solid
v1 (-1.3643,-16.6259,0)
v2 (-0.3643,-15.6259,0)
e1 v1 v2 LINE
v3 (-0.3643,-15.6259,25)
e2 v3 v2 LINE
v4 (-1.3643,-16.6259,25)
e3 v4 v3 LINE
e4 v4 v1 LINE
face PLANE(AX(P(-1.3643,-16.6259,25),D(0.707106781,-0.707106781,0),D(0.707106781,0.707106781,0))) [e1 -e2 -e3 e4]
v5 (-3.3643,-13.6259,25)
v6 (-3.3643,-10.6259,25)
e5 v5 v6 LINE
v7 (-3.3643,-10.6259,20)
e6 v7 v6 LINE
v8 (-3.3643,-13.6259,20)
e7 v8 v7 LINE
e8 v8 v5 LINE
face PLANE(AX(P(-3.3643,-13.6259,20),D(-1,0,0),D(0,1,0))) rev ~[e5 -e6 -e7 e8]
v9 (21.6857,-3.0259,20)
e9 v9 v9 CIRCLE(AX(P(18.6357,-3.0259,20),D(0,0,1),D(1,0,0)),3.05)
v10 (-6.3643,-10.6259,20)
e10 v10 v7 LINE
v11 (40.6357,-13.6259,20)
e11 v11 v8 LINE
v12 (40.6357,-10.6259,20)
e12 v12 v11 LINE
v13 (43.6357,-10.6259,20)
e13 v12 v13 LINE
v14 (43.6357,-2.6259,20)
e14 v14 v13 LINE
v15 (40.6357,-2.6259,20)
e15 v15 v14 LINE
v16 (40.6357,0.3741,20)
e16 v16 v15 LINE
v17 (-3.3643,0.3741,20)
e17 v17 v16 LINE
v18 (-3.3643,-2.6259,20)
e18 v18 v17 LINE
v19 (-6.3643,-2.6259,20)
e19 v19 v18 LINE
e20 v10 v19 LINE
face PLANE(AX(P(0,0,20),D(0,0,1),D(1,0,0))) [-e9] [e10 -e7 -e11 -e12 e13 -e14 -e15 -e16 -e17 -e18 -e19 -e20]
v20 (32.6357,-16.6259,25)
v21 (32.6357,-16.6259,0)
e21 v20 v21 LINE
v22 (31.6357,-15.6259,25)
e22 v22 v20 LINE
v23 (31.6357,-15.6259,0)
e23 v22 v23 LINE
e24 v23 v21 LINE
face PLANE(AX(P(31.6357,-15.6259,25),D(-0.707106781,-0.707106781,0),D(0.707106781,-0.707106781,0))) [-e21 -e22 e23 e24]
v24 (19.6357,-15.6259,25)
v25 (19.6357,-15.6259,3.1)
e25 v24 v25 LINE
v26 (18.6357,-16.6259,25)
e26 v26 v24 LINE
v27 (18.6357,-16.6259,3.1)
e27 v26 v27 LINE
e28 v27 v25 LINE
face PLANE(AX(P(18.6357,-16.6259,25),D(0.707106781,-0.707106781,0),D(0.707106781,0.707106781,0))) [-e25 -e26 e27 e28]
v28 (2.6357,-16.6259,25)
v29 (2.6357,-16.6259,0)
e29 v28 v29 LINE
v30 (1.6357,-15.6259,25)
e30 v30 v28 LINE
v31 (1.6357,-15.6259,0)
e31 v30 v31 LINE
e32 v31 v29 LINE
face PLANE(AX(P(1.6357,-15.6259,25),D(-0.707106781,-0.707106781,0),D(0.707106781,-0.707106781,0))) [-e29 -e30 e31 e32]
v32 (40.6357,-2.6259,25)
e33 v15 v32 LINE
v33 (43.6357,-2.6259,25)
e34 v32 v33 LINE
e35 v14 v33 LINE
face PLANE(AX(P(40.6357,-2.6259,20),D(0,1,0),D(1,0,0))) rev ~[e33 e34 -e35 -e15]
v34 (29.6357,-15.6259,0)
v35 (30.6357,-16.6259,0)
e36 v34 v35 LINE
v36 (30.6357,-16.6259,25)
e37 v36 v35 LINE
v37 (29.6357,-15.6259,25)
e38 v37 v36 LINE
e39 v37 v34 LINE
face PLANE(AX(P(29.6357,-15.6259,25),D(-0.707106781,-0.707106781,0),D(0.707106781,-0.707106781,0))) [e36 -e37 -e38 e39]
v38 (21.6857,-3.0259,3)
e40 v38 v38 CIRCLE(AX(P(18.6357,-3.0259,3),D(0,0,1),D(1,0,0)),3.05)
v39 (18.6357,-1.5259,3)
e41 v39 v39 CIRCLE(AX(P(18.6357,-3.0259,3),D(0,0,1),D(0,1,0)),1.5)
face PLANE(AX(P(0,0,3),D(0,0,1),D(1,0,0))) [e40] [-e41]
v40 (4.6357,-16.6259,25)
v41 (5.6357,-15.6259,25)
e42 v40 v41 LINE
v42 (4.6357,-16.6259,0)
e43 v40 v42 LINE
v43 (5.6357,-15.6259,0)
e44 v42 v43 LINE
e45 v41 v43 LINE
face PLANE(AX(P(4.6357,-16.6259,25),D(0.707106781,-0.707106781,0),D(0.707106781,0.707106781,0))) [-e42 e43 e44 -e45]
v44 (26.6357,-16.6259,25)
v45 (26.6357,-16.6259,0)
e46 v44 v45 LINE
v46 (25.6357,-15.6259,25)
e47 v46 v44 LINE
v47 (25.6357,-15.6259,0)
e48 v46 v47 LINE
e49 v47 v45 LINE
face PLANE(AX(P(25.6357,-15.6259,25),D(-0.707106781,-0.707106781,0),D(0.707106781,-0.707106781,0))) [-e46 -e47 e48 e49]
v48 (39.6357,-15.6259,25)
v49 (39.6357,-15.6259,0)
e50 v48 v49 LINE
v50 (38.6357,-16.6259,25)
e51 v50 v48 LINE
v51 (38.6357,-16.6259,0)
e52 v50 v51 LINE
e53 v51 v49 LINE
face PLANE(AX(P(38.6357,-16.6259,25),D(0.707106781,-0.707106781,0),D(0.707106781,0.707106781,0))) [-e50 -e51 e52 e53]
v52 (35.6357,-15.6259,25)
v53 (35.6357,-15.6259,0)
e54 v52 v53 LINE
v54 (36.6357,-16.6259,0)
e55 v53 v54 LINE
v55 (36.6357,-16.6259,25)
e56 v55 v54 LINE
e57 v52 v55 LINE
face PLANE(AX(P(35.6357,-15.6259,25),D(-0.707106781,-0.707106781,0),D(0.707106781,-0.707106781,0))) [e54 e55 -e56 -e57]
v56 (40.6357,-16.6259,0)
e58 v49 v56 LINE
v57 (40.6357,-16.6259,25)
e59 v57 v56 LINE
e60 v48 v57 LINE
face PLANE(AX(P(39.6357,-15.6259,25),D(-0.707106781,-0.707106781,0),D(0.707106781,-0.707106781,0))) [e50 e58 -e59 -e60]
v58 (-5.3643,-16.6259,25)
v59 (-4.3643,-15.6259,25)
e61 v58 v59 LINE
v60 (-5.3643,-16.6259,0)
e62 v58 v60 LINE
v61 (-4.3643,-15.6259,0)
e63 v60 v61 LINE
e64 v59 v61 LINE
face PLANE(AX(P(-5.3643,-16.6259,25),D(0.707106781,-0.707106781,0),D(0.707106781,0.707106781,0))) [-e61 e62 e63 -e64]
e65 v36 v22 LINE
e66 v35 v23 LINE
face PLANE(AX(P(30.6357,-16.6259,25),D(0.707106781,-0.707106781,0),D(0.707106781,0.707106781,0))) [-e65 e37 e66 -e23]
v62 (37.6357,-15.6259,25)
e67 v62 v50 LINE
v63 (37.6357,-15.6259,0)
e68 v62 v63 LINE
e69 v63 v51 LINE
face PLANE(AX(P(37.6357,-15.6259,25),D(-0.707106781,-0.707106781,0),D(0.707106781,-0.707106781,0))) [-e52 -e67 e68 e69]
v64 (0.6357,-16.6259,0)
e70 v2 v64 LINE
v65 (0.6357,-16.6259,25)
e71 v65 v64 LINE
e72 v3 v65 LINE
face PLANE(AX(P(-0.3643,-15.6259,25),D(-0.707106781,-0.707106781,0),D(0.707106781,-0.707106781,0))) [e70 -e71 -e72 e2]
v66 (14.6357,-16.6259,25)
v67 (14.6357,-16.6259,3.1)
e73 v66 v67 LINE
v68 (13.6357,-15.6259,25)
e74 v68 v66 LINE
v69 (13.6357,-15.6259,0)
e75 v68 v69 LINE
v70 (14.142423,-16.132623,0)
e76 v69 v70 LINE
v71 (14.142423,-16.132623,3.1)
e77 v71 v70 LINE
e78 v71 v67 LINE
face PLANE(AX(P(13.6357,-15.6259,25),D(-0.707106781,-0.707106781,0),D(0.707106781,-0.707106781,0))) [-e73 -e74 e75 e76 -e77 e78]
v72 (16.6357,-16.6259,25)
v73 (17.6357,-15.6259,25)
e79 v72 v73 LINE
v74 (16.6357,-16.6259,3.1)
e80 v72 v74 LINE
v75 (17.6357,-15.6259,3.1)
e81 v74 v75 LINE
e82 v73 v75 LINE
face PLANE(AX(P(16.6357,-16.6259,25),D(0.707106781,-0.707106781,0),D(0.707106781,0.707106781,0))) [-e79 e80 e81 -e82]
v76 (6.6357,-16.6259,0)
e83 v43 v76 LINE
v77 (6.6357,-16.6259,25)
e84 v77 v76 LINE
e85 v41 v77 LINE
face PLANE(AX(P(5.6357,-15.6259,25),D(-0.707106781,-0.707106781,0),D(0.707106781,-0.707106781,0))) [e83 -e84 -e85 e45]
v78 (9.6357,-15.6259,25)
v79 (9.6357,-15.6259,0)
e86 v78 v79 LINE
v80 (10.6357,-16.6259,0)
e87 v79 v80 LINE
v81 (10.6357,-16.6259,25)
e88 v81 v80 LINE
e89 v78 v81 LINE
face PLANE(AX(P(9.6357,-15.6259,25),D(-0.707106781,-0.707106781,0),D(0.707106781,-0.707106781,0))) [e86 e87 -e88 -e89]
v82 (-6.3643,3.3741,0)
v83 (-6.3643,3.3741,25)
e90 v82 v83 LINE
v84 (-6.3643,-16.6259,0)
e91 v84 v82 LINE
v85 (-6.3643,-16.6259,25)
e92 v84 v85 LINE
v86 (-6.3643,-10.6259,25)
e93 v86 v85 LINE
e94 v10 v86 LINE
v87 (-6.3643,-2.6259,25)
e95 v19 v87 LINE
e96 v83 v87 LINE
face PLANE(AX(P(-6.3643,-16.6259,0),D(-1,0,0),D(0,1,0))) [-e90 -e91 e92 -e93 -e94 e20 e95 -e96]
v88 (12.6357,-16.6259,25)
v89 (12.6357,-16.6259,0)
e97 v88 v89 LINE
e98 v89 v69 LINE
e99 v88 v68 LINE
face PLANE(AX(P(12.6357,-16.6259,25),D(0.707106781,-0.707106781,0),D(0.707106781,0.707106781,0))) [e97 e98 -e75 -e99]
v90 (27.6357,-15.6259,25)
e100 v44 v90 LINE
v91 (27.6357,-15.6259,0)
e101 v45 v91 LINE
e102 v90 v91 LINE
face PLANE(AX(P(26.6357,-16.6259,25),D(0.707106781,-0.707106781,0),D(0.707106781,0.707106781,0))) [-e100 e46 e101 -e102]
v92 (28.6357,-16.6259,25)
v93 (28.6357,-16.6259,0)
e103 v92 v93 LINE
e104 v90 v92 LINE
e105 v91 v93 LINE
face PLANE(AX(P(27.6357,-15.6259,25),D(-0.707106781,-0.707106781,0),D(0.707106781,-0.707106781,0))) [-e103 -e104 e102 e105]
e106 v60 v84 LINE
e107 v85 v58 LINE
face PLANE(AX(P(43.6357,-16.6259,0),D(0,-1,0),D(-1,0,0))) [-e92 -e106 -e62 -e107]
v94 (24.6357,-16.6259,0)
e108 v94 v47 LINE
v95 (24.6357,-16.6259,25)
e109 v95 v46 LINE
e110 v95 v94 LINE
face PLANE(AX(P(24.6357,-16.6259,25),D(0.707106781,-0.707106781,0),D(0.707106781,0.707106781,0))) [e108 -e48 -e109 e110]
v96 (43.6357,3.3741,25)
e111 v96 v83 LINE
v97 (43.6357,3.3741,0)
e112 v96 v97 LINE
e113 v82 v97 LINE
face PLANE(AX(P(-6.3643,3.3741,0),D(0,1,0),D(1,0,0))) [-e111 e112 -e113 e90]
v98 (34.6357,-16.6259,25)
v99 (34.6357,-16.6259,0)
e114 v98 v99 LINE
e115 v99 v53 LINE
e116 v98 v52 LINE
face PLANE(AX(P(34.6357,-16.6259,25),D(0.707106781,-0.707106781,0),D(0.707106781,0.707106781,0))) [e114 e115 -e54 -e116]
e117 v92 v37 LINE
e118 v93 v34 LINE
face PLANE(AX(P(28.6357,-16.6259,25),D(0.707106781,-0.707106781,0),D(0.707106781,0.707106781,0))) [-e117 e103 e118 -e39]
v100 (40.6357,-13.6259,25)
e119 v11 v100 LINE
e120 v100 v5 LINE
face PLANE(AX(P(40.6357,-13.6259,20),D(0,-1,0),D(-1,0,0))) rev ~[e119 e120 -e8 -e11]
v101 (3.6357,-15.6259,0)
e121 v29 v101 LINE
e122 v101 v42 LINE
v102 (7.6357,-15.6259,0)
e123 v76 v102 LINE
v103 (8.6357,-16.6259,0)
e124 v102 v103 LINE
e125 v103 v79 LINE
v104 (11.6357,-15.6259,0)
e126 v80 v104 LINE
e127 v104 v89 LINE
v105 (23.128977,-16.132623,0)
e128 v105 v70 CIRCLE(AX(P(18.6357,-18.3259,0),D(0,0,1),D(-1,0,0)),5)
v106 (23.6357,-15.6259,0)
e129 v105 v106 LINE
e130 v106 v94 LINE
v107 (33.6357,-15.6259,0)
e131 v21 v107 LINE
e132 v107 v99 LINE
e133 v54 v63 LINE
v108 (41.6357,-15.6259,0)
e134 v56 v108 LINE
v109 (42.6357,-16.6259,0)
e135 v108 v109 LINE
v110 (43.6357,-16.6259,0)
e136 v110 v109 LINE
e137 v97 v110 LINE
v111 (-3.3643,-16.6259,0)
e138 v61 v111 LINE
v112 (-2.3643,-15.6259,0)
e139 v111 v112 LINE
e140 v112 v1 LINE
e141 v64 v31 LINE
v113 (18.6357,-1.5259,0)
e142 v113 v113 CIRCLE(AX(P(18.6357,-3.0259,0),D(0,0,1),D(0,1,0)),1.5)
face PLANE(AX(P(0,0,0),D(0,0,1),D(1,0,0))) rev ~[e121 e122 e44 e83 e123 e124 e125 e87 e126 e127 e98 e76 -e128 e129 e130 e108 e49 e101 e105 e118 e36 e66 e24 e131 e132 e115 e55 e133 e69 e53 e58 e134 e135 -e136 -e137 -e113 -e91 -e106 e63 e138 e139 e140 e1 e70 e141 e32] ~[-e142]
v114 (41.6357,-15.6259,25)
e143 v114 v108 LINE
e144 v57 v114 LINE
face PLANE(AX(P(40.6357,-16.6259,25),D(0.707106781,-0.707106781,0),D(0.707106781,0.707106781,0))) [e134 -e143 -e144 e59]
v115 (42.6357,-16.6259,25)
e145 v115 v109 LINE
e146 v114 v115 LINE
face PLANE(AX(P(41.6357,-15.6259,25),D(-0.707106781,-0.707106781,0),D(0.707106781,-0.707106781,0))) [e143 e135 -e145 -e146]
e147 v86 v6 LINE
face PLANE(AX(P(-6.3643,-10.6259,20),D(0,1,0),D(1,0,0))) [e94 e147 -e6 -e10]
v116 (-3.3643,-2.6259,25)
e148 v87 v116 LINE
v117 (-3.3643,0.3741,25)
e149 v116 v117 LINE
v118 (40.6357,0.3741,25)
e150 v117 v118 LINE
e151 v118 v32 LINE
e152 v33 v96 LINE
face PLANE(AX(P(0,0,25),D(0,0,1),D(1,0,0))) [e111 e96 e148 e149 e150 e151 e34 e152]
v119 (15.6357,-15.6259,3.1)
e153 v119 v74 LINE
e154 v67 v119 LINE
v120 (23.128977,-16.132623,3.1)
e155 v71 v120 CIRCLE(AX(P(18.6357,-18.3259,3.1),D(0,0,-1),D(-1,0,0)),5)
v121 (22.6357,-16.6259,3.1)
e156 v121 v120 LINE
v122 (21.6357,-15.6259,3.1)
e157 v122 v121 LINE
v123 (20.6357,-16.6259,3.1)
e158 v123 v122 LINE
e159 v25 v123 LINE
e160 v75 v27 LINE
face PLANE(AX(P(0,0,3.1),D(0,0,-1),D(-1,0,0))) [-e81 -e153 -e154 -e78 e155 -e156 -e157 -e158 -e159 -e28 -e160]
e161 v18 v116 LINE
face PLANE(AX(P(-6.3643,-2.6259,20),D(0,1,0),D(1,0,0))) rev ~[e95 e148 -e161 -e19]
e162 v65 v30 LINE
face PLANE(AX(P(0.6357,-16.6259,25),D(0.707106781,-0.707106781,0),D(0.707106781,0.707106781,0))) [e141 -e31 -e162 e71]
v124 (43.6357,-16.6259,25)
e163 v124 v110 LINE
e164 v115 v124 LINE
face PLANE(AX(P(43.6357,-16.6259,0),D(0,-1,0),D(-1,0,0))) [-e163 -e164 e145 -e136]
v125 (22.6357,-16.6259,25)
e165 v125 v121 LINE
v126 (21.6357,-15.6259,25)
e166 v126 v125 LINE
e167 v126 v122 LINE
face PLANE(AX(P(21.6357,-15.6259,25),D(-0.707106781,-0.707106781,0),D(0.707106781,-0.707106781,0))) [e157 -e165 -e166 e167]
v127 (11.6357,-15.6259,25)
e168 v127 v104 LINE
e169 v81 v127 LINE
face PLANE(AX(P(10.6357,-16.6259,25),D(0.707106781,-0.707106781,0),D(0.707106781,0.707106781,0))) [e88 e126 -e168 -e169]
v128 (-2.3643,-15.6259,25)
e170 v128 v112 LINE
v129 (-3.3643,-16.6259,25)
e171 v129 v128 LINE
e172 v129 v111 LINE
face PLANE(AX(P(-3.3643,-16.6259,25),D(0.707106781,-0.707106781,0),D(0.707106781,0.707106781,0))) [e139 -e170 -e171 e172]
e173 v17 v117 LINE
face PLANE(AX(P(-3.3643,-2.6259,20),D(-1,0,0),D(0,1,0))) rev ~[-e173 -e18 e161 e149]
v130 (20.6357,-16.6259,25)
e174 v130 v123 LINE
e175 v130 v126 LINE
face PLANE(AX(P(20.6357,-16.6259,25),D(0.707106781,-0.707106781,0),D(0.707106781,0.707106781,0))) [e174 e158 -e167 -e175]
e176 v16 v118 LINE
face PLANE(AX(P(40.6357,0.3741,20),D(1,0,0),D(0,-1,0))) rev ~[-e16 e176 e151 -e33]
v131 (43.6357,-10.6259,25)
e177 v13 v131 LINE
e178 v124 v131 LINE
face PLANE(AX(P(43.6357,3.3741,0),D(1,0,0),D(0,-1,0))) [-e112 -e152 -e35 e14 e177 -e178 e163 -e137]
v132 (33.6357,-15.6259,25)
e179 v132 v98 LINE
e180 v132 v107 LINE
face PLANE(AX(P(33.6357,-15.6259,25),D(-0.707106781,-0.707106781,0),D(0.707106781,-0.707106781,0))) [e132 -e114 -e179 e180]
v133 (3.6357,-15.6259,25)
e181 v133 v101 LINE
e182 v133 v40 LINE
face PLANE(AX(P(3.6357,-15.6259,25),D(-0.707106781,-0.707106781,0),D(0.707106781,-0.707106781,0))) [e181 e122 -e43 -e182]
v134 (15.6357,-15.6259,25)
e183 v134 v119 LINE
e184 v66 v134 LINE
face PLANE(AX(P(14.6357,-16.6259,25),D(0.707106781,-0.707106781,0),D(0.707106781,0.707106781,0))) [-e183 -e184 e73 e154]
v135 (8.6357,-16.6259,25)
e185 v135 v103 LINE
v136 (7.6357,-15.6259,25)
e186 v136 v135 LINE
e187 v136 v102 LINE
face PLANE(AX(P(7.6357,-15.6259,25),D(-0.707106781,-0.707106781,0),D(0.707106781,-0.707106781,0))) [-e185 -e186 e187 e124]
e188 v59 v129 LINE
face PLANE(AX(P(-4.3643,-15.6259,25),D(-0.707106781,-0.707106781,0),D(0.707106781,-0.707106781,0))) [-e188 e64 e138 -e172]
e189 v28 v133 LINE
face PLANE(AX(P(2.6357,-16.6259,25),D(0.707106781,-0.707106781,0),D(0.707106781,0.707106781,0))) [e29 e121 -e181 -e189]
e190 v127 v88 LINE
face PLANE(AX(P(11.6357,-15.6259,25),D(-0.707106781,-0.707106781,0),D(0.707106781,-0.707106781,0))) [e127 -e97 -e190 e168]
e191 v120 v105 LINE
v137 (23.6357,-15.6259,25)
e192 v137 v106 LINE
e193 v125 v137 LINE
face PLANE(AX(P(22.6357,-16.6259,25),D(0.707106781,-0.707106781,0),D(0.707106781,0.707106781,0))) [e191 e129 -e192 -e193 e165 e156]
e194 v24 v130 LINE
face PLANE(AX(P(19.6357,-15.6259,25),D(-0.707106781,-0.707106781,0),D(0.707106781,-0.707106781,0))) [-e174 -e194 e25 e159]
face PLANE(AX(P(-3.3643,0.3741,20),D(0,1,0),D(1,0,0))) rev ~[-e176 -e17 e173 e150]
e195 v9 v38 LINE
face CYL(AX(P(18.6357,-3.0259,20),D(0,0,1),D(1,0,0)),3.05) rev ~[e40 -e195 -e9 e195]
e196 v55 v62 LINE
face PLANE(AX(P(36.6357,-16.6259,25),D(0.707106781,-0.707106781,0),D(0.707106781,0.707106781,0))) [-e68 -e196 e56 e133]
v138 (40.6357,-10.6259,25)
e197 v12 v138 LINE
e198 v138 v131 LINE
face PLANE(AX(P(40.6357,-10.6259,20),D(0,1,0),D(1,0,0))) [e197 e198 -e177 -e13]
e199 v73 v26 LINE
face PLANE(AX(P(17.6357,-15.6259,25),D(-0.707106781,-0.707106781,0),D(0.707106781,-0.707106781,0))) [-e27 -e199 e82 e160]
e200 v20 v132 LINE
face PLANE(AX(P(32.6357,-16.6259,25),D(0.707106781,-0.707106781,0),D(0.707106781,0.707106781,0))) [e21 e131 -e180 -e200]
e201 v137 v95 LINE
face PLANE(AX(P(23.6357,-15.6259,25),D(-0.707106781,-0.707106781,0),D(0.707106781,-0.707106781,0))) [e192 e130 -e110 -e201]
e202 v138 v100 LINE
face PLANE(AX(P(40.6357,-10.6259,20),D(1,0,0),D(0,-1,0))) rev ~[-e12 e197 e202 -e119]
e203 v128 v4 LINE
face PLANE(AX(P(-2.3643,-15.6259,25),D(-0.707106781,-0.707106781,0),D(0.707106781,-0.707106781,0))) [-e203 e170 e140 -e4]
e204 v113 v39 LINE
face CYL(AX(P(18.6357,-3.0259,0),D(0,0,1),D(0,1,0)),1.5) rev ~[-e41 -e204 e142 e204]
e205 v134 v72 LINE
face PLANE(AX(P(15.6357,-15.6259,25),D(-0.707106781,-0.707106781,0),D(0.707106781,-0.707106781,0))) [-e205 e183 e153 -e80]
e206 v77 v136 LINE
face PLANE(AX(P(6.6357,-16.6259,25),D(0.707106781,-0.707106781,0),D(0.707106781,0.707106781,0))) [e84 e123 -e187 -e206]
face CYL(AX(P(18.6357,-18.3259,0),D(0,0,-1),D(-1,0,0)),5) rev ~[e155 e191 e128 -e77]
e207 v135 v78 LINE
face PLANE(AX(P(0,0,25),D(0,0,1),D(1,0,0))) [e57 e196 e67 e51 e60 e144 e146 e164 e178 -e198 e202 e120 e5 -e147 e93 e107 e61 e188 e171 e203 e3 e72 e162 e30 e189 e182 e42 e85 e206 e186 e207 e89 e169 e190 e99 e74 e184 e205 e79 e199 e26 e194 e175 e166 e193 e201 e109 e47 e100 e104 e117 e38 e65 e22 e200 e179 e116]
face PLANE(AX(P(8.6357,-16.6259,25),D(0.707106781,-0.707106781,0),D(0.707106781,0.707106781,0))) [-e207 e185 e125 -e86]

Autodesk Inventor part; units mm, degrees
ref_plane "YZ Plane" through (0, 0, 0) normal (1, 0, 0) x (0, 1, 0)
ref_plane "XZ Plane" through (0, 0, 0) normal (0, 1, 0) x (-1, 0, 0)
ref_plane "XY Plane" through (0, 0, 0) normal (0, 0, 1) x (1, 0, 0)
sketch "Szkic1" plane through (0, 0, 0) normal (0, 0, 1) x (1, 0, 0)
  line L0 (-6.3643, 3.3741) -> (43.6357, 3.3741)
  line L1 (43.6357, 3.3741) -> (43.6357, -16.6259)
  line L2 (43.6357, -16.6259) -> (-6.3643, -16.6259)
  line L3 (-6.3643, -16.6259) -> (-6.3643, 3.3741)
  point P0 (0, 0)
  dimension "d0" = 50
  dimension "d1" = 20
extrude "Wyciągnięcie proste1" add sketch "Szkic1" along normal blind 20
sketch "Szkic2" plane through (0, 0, 20) normal (0, 0, 1) x (1, 0, 0)
  line L0 (43.6357, 3.3741) -> (-6.3643, 3.3741)
  line L1 (-6.3643, 3.3741) -> (-6.3643, -16.6259)
  line L2 (-6.3643, -16.6259) -> (43.6357, -16.6259)
  line L3 (43.6357, -16.6259) -> (43.6357, 3.3741)
  line L4 (-3.3643, 0.3741) -> (40.6357, 0.3741)
  line L5 (40.6357, -13.6259) -> (-3.3643, -13.6259)
  line L6 (-3.3643, -13.6259) -> (-3.3643, -10.6259)
  line L7 (-3.3643, -2.6259) -> (-3.3643, 0.3741)
  line L8 (-6.3643, -2.6259) -> (-3.3643, -2.6259)
  line L9 (40.6357, -2.6259) -> (43.6357, -2.6259)
  line L10 (-6.3643, -10.6259) -> (-3.3643, -10.6259)
  line L11 (40.6357, -10.6259) -> (43.6357, -10.6259)
  line L12 (40.6357, 0.3741) -> (40.6357, -2.6259)
  line L13 (40.6357, -10.6259) -> (40.6357, -13.6259)
  point P0 (0, 0)
  dimension "d4" = 3
  dimension "d7" = 6
  dimension "d8" = 6
  dimension "d9" = 6
  dimension "d10" = 6
  dimension "d11" = 3
  dimension "d12" = 3
  dimension "d13" = 3
  dimension "d14" = 3
extrude "Wyciągnięcie proste2" add sketch "Szkic2" along normal blind 5 contours L3 L9 L12 L4 L7 L8 L1 L0 | L3 L2 L1 L10 L6 L5 L13 L11
sketch "Szkic3" plane through (0, 0, 25) normal (0, 0, 1) x (1, 0, 0)
  line L0 (-6.3643, -16.6259) -> (43.6357, -16.6259)
  line L1 (43.6357, -16.6259) -> (43.6357, -10.6259)
  line L2 (43.6357, -10.6259) -> (40.6357, -10.6259)
  line L3 (40.6357, -10.6259) -> (40.6357, -13.6259)
  line L4 (40.6357, -13.6259) -> (-3.3643, -13.6259)
  line L5 (-3.3643, -13.6259) -> (-3.3643, -10.6259)
  line L6 (-3.3643, -10.6259) -> (-6.3643, -10.6259)
  line L7 (-6.3643, -10.6259) -> (-6.3643, -16.6259)
  line L8 (-6.3643, -16.6259) -> (43.6357, -16.6259)
  line L9 (-5.3643, -16.6259) -> (-3.3643, -16.6259)
  line L10 (-5.3643, -16.6259) -> (-4.3643, -15.6259)
  line L11 (-4.3643, -15.6259) -> (-3.3643, -16.6259)
  point P0 (0, 0)
  dimension "d17" = 2
  dimension "d18" = 1
  dimension "d19" = 1
extrude "Wyciągnięcie proste3" cut sketch "Szkic3" against normal through all contours L10 L11 L0
pattern_linear "Szyk prostokątny1" count 24 spacing 2 along (1, 0, 0) of "Wyciągnięcie proste3"
sketch "Szkic4" plane through (0, 0, 0) normal (0, 0, -1) x (-1, 0, 0)
  line L0 (-42.6357, -16.6259) -> (-41.6357, -15.6259)
  line L1 (-41.6357, -15.6259) -> (-40.6357, -16.6259)
  line L2 (-40.6357, -16.6259) -> (-39.6357, -15.6259)
  line L3 (-39.6357, -15.6259) -> (-38.6357, -16.6259)
  line L4 (-38.6357, -16.6259) -> (-37.6357, -15.6259)
  line L5 (-37.6357, -15.6259) -> (-36.6357, -16.6259)
  line L6 (-36.6357, -16.6259) -> (-35.6357, -15.6259)
  line L7 (-35.6357, -15.6259) -> (-34.6357, -16.6259)
  line L8 (-34.6357, -16.6259) -> (-33.6357, -15.6259)
  line L9 (-33.6357, -15.6259) -> (-32.6357, -16.6259)
  line L10 (-32.6357, -16.6259) -> (-31.6357, -15.6259)
  line L11 (-31.6357, -15.6259) -> (-30.6357, -16.6259)
  line L12 (-30.6357, -16.6259) -> (-29.6357, -15.6259)
  line L13 (-29.6357, -15.6259) -> (-28.6357, -16.6259)
  line L14 (-28.6357, -16.6259) -> (-27.6357, -15.6259)
  line L15 (-27.6357, -15.6259) -> (-26.6357, -16.6259)
  line L16 (-26.6357, -16.6259) -> (-25.6357, -15.6259)
  line L17 (-25.6357, -15.6259) -> (-24.6357, -16.6259)
  line L18 (-24.6357, -16.6259) -> (-23.6357, -15.6259)
  line L19 (-23.6357, -15.6259) -> (-22.6357, -16.6259)
  line L20 (-22.6357, -16.6259) -> (-21.6357, -15.6259)
  line L21 (-21.6357, -15.6259) -> (-20.6357, -16.6259)
  line L22 (-20.6357, -16.6259) -> (-19.6357, -15.6259)
  line L23 (-19.6357, -15.6259) -> (-18.6357, -16.6259)
  line L24 (-18.6357, -16.6259) -> (-17.6357, -15.6259)
  line L25 (-17.6357, -15.6259) -> (-16.6357, -16.6259)
  line L26 (-16.6357, -16.6259) -> (-15.6357, -15.6259)
  line L27 (-15.6357, -15.6259) -> (-14.6357, -16.6259)
  line L28 (-14.6357, -16.6259) -> (-13.6357, -15.6259)
  line L29 (-13.6357, -15.6259) -> (-12.6357, -16.6259)
  line L30 (-12.6357, -16.6259) -> (-11.6357, -15.6259)
  line L31 (-11.6357, -15.6259) -> (-10.6357, -16.6259)
  line L32 (-10.6357, -16.6259) -> (-9.6357, -15.6259)
  line L33 (-9.6357, -15.6259) -> (-8.6357, -16.6259)
  line L34 (-8.6357, -16.6259) -> (-7.6357, -15.6259)
  line L35 (-7.6357, -15.6259) -> (-6.6357, -16.6259)
  line L36 (-6.6357, -16.6259) -> (-5.6357, -15.6259)
  line L37 (-5.6357, -15.6259) -> (-4.6357, -16.6259)
  line L38 (-4.6357, -16.6259) -> (-3.6357, -15.6259)
  line L39 (-3.6357, -15.6259) -> (-2.6357, -16.6259)
  line L40 (-2.6357, -16.6259) -> (-1.6357, -15.6259)
  line L41 (-1.6357, -15.6259) -> (-0.6357, -16.6259)
  line L42 (-0.6357, -16.6259) -> (0.3643, -15.6259)
  line L43 (0.3643, -15.6259) -> (1.3643, -16.6259)
  line L44 (1.3643, -16.6259) -> (2.3643, -15.6259)
  line L45 (2.3643, -15.6259) -> (3.3643, -16.6259)
  line L46 (3.3643, -16.6259) -> (4.3643, -15.6259)
  line L47 (4.3643, -15.6259) -> (5.3643, -16.6259)
  line L48 (5.3643, -16.6259) -> (6.3643, -16.6259)
  line L49 (6.3643, -16.6259) -> (6.3643, 3.3741)
  line L50 (6.3643, 3.3741) -> (-43.6357, 3.3741)
  line L51 (-43.6357, 3.3741) -> (-43.6357, -16.6259)
  line L52 (-43.6357, -16.6259) -> (-42.6357, -16.6259)
  circle A0 centre (-18.6357, -18.3259) radius 5
  point P0 (0, 0)
  point P1 (-18.6357, -3.0259)
  dimension "d25" = 25
  dimension "d26" = 6.4
  dimension "d27" = 10
  dimension "d28" = 15.3
  dimension "d29" = 25
extrude "Wyciągnięcie proste4" cut sketch "Szkic4" against normal blind 3.1 contours A0 L28 L27 L26 L25 L24 L23 L22 L21 L20 L19 | L19 L20 L21 L22 L23 L24 L25 L26 L27 L28 A0
hole "Otwór1" at (18.6357, -3.0259, 0) direction (0, 0, 1) diameter 3 end through all
sketch "Szkic5" plane through (0, 0, 20) normal (0, 0, 1) x (1, 0, 0)
  circle A0 centre (18.6357, -3.0259) radius 1.5
  line L0 (-3.3643, -2.6259) -> (-6.3643, -2.6259)
  line L1 (-6.3643, -2.6259) -> (-6.3643, -10.6259)
  line L2 (-6.3643, -10.6259) -> (-3.3643, -10.6259)
  line L3 (-3.3643, -10.6259) -> (-3.3643, -13.6259)
  line L4 (-3.3643, -13.6259) -> (40.6357, -13.6259)
  line L5 (40.6357, -13.6259) -> (40.6357, -10.6259)
  line L6 (40.6357, -10.6259) -> (43.6357, -10.6259)
  line L7 (43.6357, -10.6259) -> (43.6357, -2.6259)
  line L8 (43.6357, -2.6259) -> (40.6357, -2.6259)
  line L9 (40.6357, -2.6259) -> (40.6357, 0.3741)
  line L10 (40.6357, 0.3741) -> (-3.3643, 0.3741)
  line L11 (-3.3643, 0.3741) -> (-3.3643, -2.6259)
  circle A1 centre (18.6357, -3.0259) radius 3.05
  point P0 (0, 0)
  dimension "d39" = 6.1
extrude "Wyciągnięcie proste5" cut sketch "Szkic5" against normal blind 17 contours A1
properties part number "3DP_ABS_Nozzle_Cleaner"
